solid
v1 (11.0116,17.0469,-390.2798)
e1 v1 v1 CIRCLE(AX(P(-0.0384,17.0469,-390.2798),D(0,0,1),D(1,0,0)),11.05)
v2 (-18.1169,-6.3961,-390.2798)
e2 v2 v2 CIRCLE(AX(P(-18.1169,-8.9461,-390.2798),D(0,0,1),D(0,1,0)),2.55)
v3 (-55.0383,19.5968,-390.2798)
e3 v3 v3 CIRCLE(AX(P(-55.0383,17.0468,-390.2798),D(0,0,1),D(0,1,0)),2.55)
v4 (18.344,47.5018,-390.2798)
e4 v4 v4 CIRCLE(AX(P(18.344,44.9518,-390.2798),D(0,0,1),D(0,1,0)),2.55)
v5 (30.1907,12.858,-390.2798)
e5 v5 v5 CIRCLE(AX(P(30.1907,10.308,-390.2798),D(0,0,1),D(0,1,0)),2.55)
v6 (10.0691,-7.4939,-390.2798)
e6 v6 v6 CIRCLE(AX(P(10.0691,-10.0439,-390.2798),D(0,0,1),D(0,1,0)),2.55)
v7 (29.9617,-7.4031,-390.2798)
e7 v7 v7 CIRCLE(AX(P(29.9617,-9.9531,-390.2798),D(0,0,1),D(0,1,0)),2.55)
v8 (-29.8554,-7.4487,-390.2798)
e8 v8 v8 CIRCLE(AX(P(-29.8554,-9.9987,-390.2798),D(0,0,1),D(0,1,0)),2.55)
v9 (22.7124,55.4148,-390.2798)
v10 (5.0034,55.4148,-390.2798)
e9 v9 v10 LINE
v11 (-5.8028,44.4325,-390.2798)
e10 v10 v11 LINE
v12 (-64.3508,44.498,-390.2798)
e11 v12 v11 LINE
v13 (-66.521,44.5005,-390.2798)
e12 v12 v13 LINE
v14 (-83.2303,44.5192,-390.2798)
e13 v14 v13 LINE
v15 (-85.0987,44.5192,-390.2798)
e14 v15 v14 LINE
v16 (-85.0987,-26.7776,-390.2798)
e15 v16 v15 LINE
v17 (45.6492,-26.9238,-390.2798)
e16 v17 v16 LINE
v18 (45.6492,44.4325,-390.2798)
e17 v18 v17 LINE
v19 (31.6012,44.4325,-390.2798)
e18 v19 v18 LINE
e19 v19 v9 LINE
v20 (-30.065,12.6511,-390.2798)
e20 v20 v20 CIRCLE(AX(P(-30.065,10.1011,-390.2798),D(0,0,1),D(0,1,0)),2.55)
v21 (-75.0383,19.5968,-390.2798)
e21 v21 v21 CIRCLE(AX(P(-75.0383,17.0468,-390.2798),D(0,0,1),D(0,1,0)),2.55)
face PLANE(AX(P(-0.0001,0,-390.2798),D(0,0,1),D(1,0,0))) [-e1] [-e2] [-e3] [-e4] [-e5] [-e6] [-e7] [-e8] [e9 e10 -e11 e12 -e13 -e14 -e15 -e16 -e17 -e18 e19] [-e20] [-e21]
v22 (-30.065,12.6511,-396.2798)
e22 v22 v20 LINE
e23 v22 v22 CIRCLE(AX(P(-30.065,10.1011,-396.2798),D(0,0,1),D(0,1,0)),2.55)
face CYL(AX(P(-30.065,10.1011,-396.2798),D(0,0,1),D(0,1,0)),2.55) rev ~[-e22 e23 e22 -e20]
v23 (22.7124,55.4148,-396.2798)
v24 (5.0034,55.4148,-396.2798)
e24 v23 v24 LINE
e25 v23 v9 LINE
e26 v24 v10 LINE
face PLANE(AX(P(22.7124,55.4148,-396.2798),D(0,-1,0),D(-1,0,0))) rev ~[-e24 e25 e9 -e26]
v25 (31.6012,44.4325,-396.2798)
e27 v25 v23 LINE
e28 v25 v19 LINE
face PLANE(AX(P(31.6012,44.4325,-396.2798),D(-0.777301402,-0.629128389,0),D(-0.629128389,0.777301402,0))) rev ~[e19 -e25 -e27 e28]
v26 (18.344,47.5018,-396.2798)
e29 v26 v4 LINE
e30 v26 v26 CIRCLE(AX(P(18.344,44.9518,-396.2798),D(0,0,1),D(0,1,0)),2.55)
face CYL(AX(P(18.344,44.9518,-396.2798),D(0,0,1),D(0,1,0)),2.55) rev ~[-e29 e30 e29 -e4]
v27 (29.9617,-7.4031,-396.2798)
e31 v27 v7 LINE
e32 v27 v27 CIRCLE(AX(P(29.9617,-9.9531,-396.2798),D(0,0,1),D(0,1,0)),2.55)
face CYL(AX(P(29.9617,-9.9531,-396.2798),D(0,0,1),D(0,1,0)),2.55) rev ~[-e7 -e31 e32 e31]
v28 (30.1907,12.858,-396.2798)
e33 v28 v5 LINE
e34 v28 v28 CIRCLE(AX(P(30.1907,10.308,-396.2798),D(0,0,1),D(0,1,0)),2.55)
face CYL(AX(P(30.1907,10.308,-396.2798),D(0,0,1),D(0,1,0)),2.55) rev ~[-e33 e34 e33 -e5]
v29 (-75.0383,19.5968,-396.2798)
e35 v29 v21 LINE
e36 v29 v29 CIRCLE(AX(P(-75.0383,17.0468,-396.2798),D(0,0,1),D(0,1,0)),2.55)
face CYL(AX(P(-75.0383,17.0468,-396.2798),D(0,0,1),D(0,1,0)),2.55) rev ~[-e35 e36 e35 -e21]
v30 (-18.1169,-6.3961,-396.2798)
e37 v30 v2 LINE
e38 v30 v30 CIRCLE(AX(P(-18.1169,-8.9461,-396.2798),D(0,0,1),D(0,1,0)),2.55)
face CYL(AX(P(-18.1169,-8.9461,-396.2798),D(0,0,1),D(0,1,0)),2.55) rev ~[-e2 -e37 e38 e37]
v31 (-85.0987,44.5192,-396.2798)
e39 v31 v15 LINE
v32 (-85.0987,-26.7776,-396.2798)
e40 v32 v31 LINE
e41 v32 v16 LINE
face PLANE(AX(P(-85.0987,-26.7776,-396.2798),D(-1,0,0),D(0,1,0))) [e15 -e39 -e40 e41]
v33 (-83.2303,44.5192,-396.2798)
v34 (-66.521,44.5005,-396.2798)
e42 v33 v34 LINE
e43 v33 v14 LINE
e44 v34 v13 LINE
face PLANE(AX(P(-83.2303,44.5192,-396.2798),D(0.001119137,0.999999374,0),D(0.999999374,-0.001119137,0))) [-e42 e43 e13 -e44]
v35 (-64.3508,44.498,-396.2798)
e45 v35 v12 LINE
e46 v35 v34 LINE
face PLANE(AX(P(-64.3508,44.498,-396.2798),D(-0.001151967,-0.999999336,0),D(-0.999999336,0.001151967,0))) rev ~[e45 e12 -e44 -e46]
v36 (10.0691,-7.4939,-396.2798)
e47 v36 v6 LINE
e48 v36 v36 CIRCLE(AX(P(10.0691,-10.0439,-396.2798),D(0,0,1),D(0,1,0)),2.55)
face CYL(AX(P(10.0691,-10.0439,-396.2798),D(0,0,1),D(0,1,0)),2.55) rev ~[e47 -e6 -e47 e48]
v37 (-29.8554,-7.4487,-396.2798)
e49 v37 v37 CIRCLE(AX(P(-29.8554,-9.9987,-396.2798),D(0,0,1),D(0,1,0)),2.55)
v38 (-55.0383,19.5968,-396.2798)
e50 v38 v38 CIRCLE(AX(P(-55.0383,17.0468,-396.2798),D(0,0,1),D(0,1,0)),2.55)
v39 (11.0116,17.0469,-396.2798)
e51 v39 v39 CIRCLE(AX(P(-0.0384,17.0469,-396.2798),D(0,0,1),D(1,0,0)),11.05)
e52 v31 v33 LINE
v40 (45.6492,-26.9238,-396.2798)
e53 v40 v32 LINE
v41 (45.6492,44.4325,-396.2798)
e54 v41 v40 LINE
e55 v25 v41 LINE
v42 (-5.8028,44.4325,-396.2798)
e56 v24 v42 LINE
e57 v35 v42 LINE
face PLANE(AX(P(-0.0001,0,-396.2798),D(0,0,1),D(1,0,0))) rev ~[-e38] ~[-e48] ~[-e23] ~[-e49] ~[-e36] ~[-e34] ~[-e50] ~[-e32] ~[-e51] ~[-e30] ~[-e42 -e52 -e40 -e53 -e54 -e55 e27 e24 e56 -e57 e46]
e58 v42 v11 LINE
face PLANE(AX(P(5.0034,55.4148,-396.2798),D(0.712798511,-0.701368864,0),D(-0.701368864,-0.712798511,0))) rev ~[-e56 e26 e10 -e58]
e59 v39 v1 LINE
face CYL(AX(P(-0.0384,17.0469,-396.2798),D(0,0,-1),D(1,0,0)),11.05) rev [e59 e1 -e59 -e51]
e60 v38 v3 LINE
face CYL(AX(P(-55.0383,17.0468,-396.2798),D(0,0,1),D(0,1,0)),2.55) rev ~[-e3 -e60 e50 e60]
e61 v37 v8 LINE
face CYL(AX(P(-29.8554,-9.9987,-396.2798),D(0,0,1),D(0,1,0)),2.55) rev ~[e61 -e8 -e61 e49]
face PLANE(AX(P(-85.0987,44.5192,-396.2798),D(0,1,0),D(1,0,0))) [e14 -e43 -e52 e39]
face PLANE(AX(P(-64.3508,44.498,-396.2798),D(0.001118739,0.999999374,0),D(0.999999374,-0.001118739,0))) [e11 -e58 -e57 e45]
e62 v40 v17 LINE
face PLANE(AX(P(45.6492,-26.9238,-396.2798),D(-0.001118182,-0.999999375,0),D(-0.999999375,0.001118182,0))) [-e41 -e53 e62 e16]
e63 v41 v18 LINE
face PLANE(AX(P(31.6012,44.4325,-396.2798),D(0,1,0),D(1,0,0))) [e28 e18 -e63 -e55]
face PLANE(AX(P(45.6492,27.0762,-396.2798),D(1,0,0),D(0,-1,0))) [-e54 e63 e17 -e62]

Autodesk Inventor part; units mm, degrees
ref_plane "YZ Plane" through (0, 0, 0) normal (1, 0, 0) x (0, 1, 0)
ref_plane "XZ Plane" through (0, 0, 0) normal (0, 1, 0) x (-1, 0, 0)
ref_plane "XY Plane" through (0, 0, 0) normal (0, 0, 1) x (1, 0, 0)
ref_plane "Work Plane1" through (-0.0001, 0, -396.2798) normal (0, 0, 1) x (1, 0, 0)
sketch "Sketch1" plane through (-0.0001, 0, -396.2798) normal (0, 0, 1) x (1, 0, 0)
  circle A0 centre (29.9617, 10.0469) radius 2.1 projected
  circle A1 centre (29.9617, -9.9531) radius 2.1 projected
  circle A2 centre (-30.0383, -9.9531) radius 2.1 projected
  circle A3 centre (-30.0383, 10.0469) radius 2.1 projected
  circle A4 centre (-10.0383, -9.9531) radius 2.1 projected
  circle A5 centre (9.9617, -9.9531) radius 2.1 projected
  line L0 (39.9617, 19.5469) -> (39.9617, 14.8783) projected
  line L1 (39.9617, -14.7846) -> (39.9617, -19.4531) projected
  line L2 (39.4617, -19.9531) -> (34.7932, -19.9531) projected
  line L3 (20.4617, 20.0469) -> (25.0617, 20.0469) projected
  line L4 (-34.8697, -19.9531) -> (-39.5383, -19.9531) projected
  line L5 (-40.0383, 14.8783) -> (-40.0383, 19.5469) projected
  line L6 (-39.5383, 20.0469) -> (-34.9383, 20.0469) projected
  line L7 (-40.0383, -19.4531) -> (-40.0383, -14.7846) projected
  line L8 (39.9617, 20.0469) -> (39.9617, -19.9532) construction
  line L9 (39.9617, -19.9532) -> (-40.0383, -19.9531) construction
  line L10 (-40.0383, -19.9531) -> (-40.0383, 20.0469) construction
  line L11 (-20.0383, 19.5469) -> (-20.0383, 14.8783) projected
  line L12 (19.9617, 0.0469) -> (19.9617, 5.2154) projected
  line L13 (-20.0383, 0.0469) -> (-14.9383, 0.0469) projected
  line L14 (39.9617, 20.0469) -> (19.9617, 20.0469) construction
  line L15 (19.9617, 20.0469) -> (19.9617, 0.0469) construction
  line L16 (-20.0383, 0.0469) -> (19.9617, 0.0469) construction
  line L17 (-40.0383, 20.0469) -> (-20.0383, 20.0469) construction
  line L18 (-20.0383, 20.0469) -> (-20.0383, 0.0469) construction
  line L19 (45.6493, 27.0762) -> (45.6493, -26.9238)
  line L20 (-64.252, 0) -> (79.446, 0) construction
  line L21 (18.0586, 45.1257) -> (28.1307, -1.0304) construction
  line L22 (28.1307, -1.0304) -> (-18.0254, -11.1025) construction
  circle A6 centre (28.1307, -1.0304) radius 2.55
  circle A7 centre (-18.0452, -9.0596) radius 2.55
  circle A8 centre (18.0586, 45.1257) radius 2.55
  circle A9 centre (-18.0452, -9.0596) radius 3.5 construction
  circle A10 centre (18.0586, 45.1257) radius 3.5 construction
  circle A11 centre (28.1307, -1.0304) radius 3.5 construction
  line L23 (48.593, 17.0469) -> (-85.0986, 17.0469) construction
  line L24 (-0.0383, 40.3857) -> (-0.0383, -33.3677) construction
  circle A12 centre (-0.0383, 17.0469) radius 11.05
  line L25 (31.6013, 44.4325) -> (22.7125, 55.4148)
  line L26 (22.7125, 55.4148) -> (5.0035, 55.4148)
  line L27 (5.0035, 55.4148) -> (-5.8027, 44.4325)
  line L28 (-64.3507, 44.498) -> (-5.8027, 44.4325)
  line L29 (-64.3507, 44.498) -> (-66.5209, 44.5005)
  line L30 (-55.0383, 44.4876) -> (-55.0383, -55.6033) construction
  line L31 (45.6493, -26.9238) -> (-85.0986, -26.7776)
  line L32 (45.6493, -26.9238) -> (185.0342, -26.9238) construction
  line L33 (40.0498, -55.6502) -> (39.9617, -55.6502)
  line L34 (-83.2302, 44.5192) -> (-66.5209, 44.5005)
  line L35 (-85.0986, -26.7776) -> (-85.0986, 44.5192)
  line L36 (-85.0986, 44.5192) -> (-83.2302, 44.5192)
  line L37 (-5.8027, 44.4325) -> (31.6013, 44.4325) construction
  line L38 (31.6013, 44.4325) -> (45.6493, 44.4325)
  line L39 (45.6493, 44.4325) -> (45.6493, 27.0762)
  point P0 (0, 0)
  point P1 (0, 17)
  point P2 (22.7617, 20.0469)
  point P3 (19.9617, 2.6311)
  point P4 (-40.0383, -17.1189)
  point P5 (-55.0383, -5.5579)
  point P6 (-75.0383, 17.0469)
  point P7 (-55.0383, 17.0469)
  dimension "d2" = 110
  dimension "d3" = 5.1
  dimension "d4" = 5.1
  dimension "d5" = 5.1
  dimension "d7" = 7
  dimension "d8" = 7
  dimension "d9" = 7
  dimension "d10" = 3
  dimension "d11" = 20
  dimension "d12" = 22.1
  dimension "d30" = 15
  dimension "d33" = 54
  dimension "d36" = 20
  dimension "d37" = 15
extrude "Extrusion1" add sketch "Sketch1" along normal blind 6 contours A0 | A1 | A2 | A3 | A4 | A5 | L19 L31 L35 L36 L34 L29 L28 L27 L26 L25 L38 L39 | A6 | A7 | A8
sketch "Sketch2" plane through (-0.0001, 0, -396.2798) normal (0, 0, -1) x (-1, 0, 0)
  point P0 (0, 0)
  point P1 (-29.9617, -9.9531)
  point P2 (-10.0691, -10.0439)
  point P3 (9.9252, -10.1028)
  point P4 (18.1169, -8.9461)
  point P5 (29.8554, -9.9987)
  point P6 (30.0649, 10.1011)
  point P7 (-30.1907, 10.308)
  point P8 (-18.3441, 44.9518)
  point P9 (55.0383, 17.0469)
  point P10 (75.0383, 17.0469)
hole "Hole1" at (29.9617, -9.9531, -396.2798) at (10.0691, -10.0439, -396.2798) at (-18.1169, -8.9461, -396.2798) at (-29.8554, -9.9987, -396.2798) at (-30.065, 10.1011, -396.2798) at (30.1907, 10.308, -396.2798) at (18.344, 44.9518, -396.2798) at (-75.0383, 17.0468, -396.2798) at (-55.0383, 17.0468, -396.2798) direction (0, 0, 1) diameter 5.1 end through all
properties part number "X axis motor mount_3DPrint"
